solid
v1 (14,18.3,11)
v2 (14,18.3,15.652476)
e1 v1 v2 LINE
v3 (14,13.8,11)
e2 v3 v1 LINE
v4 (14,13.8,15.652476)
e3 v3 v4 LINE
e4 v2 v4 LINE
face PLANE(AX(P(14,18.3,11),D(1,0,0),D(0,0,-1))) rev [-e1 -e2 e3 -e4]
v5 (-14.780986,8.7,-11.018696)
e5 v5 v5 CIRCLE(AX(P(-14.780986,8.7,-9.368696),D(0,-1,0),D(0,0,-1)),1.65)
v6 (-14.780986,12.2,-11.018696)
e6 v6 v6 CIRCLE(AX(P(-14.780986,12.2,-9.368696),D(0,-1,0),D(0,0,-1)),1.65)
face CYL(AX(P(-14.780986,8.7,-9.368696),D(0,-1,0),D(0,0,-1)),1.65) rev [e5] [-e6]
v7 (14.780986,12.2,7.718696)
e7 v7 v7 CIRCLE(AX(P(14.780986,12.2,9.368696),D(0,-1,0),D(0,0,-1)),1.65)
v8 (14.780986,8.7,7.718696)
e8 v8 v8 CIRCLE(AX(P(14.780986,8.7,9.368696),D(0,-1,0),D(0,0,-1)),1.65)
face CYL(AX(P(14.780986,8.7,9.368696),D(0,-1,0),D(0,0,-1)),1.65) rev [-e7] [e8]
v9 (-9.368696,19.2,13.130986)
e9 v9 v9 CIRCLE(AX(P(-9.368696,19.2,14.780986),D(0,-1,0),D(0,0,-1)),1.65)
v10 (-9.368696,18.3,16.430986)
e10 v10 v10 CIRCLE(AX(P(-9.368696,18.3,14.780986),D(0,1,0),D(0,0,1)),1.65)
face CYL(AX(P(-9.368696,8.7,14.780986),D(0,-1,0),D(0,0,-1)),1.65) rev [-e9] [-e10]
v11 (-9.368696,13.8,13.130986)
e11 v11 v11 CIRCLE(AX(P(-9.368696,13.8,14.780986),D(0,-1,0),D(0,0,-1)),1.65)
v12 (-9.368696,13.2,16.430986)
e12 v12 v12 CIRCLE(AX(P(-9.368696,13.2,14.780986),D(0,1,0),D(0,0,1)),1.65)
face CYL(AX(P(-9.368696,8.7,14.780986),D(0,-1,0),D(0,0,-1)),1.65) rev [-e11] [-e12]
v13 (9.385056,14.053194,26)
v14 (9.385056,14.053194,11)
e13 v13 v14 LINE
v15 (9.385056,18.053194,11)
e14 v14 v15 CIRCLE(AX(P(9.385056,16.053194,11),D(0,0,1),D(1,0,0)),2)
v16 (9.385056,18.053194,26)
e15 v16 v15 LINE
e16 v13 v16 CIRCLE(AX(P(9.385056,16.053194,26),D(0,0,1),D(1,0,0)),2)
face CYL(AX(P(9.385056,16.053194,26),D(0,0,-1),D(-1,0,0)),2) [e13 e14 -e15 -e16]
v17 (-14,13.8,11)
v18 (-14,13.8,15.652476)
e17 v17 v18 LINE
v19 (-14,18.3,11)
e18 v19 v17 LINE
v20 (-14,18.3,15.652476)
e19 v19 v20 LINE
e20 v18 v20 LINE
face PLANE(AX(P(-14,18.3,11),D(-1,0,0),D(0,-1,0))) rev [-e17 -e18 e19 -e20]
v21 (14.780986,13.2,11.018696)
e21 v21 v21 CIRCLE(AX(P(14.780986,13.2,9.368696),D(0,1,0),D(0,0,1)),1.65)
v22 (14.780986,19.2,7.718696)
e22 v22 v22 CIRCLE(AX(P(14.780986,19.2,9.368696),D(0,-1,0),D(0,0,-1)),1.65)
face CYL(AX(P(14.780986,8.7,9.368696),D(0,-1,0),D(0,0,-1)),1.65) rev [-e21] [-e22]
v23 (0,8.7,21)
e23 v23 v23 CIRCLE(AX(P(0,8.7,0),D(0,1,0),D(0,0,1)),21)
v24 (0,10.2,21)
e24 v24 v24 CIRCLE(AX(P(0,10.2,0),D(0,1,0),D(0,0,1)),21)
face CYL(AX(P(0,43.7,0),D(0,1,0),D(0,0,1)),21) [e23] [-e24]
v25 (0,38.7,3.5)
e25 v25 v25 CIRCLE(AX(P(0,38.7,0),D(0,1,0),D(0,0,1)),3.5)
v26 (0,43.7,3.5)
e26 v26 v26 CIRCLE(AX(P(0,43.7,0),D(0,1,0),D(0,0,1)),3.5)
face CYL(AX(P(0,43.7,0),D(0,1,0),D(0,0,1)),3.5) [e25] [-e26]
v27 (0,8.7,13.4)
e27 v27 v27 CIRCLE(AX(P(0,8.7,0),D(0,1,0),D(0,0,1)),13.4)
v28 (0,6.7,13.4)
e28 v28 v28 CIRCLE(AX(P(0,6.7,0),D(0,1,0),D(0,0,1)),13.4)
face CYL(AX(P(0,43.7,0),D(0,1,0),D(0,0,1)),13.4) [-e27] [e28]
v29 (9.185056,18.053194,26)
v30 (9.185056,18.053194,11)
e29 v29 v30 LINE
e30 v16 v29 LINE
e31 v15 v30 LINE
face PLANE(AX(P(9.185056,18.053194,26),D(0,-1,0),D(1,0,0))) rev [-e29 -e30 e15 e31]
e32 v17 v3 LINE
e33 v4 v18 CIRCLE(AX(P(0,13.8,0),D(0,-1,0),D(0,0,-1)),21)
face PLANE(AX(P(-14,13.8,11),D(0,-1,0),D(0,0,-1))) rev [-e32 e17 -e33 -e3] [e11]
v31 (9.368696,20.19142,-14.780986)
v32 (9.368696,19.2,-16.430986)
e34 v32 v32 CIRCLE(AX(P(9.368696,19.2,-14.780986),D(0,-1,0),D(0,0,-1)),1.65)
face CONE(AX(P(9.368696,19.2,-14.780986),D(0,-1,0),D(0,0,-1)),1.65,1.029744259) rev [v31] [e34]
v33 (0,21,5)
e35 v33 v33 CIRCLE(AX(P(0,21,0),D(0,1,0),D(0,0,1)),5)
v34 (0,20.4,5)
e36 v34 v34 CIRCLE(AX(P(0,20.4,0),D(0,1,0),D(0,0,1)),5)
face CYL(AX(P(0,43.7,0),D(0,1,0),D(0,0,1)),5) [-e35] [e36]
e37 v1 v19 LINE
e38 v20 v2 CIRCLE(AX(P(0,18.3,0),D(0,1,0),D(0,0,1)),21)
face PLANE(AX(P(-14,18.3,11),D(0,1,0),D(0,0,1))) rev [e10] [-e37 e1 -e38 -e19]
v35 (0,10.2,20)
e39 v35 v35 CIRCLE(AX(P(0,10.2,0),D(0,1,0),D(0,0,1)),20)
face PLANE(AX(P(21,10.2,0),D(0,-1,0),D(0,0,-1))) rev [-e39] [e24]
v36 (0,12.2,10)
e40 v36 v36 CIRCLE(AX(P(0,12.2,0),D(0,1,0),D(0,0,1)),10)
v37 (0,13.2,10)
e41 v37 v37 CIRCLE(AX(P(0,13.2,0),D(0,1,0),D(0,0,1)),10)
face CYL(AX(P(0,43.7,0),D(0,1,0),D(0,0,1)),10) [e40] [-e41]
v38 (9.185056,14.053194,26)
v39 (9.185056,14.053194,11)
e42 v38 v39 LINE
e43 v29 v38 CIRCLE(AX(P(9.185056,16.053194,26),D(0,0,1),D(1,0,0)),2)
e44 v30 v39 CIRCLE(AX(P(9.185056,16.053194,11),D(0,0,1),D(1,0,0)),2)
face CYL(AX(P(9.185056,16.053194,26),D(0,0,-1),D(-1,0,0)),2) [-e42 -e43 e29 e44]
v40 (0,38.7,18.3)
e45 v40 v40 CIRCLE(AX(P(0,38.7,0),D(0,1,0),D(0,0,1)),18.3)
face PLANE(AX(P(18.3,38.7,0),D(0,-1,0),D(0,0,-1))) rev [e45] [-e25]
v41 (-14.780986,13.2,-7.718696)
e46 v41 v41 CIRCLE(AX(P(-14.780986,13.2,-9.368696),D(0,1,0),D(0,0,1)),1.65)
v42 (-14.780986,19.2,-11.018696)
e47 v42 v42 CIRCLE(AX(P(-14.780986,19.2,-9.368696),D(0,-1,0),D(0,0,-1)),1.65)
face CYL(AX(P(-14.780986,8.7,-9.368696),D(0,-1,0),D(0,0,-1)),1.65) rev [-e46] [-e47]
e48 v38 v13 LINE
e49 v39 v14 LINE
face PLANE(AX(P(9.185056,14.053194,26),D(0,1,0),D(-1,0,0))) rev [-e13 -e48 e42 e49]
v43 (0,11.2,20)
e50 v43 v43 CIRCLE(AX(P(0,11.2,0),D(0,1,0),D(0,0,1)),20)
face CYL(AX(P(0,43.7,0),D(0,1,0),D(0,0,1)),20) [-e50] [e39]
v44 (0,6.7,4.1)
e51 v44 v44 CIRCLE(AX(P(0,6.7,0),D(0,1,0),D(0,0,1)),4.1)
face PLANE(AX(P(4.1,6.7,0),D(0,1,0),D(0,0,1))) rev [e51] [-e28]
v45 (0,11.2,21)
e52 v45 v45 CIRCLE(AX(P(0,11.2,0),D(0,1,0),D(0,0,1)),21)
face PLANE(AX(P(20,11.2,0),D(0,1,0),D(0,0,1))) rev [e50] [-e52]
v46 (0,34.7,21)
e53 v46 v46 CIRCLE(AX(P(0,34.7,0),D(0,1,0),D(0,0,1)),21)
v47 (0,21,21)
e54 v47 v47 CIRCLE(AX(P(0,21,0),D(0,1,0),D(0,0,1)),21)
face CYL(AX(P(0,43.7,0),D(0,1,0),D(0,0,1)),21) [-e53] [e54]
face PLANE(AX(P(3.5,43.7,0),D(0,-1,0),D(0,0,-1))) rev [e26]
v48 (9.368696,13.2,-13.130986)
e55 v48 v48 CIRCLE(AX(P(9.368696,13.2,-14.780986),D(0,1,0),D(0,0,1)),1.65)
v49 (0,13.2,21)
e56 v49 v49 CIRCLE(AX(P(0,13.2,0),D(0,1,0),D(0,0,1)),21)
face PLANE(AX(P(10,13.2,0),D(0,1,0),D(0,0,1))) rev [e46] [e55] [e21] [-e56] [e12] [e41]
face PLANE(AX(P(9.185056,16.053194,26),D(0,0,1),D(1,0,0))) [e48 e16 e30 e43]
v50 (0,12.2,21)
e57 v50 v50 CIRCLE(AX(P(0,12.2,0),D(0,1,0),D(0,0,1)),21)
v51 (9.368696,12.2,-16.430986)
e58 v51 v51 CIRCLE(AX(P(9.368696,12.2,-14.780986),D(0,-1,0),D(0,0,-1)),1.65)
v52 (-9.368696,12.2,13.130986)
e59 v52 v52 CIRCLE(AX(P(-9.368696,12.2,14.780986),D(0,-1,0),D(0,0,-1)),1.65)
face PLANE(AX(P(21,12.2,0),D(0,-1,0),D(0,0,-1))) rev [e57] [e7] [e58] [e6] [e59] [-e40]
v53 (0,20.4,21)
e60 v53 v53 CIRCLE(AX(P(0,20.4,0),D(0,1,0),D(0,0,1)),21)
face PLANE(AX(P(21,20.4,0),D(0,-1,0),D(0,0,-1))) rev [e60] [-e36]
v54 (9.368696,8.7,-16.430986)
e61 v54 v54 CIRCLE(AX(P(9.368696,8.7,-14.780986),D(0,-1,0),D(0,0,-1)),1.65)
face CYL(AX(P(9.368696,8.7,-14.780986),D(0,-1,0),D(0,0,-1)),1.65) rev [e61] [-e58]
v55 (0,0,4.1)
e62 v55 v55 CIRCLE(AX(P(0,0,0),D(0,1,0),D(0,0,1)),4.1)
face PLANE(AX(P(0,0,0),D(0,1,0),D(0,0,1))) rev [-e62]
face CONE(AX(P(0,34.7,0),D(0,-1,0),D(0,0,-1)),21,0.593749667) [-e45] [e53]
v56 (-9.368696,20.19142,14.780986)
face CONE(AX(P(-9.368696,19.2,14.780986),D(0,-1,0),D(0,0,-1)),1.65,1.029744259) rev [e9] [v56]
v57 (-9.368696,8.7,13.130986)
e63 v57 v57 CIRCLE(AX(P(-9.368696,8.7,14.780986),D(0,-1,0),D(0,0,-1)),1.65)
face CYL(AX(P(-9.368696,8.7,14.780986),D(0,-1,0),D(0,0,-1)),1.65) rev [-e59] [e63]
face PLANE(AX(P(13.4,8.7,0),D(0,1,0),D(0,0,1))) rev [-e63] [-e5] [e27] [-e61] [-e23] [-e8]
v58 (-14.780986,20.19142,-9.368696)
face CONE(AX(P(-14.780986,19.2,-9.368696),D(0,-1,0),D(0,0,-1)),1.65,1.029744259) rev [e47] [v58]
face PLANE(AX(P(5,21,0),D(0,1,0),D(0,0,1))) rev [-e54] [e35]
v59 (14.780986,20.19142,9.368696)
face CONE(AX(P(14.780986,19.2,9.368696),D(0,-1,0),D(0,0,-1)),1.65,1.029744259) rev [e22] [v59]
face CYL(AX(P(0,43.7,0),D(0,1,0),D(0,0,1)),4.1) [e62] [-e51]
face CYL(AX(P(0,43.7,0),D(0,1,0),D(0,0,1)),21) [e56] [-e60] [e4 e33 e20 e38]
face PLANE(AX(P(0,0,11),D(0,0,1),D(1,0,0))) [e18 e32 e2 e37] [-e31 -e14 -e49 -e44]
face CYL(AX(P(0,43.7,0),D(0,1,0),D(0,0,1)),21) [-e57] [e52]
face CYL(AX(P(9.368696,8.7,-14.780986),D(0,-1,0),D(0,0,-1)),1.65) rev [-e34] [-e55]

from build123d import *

# Parameters (mm, degrees)
SKETCH_2_W             = 28
SKETCH_2_H             = 4.5
CUT_EXTRUDE_1_DEPTH    = 10
EXTRUDE_1_DEPTH        = 15
HOLE_WIZARD_M4_2_D     = 3.3
HOLE_WIZARD_M4_2_DEPTH = 10.5
HOLE_WIZARD_M4_2_TIP   = 0.991420021


with BuildPart() as part:
    # 草图1 → 旋转1 (revolve)
    with BuildSketch(Plane.XY):
        Polygon((0, 0), (4.1, 0), (4.1, 6.7), (13.4, 6.7), (13.4, 8.7), (21, 8.7), (21, 10.2), (20, 10.2), (20, 11.2), (21, 11.2), (21, 12.2), (10, 12.2), (10, 13.2), (21, 13.2), (21, 20.4), (5, 20.4), (5, 21), (21, 21), (21, 34.7), (18.3, 38.7), (3.5, 38.7), (3.5, 43.7), (0, 43.7), align=None)
    revolve(axis=Axis((0, 43.7, 0), (0, -1, 0)))

    # 草图2 → 切除-拉伸1 (cut)
    with BuildSketch(Plane.XY.offset(21)):
        with Locations((0, 16.05)):
            Rectangle(SKETCH_2_W, SKETCH_2_H)
    extrude(amount=-CUT_EXTRUDE_1_DEPTH, mode=Mode.SUBTRACT)

    # 草图3 → 凸台-拉伸1 (add)
    with BuildSketch(Plane.XY.offset(11)):
        with BuildLine():
            Line((9.185056323, 18.053194417), (9.385056323, 18.053194417))
            ThreePointArc((9.385056323, 18.053194417), (11.385056323, 16.053194417), (9.385056323, 14.053194417))
            Line((9.385056323, 14.053194417), (9.185056323, 14.053194417))
            ThreePointArc((9.185056323, 14.053194417), (7.185056323, 16.053194417), (9.185056323, 18.053194417))
        make_face()
    extrude(amount=EXTRUDE_1_DEPTH)

    # M4 螺纹孔2
    with Locations(Plane(origin=(-14.780985523, 8.7, -9.368696119), x_dir=(0, 0, -1), z_dir=(0, -1, 0))):
        with Locations((0, 0), (-24.149681642, 5.412289404), (5.412289404, 24.149681642), (-18.737392238, 29.561971046)):
            Hole(HOLE_WIZARD_M4_2_D / 2, depth=HOLE_WIZARD_M4_2_DEPTH)
            with Locations((0, 0, -(HOLE_WIZARD_M4_2_DEPTH + HOLE_WIZARD_M4_2_TIP / 2))):  # 118° drill point
                Cone(0, HOLE_WIZARD_M4_2_D / 2, HOLE_WIZARD_M4_2_TIP, mode=Mode.SUBTRACT)


solid = part.part
